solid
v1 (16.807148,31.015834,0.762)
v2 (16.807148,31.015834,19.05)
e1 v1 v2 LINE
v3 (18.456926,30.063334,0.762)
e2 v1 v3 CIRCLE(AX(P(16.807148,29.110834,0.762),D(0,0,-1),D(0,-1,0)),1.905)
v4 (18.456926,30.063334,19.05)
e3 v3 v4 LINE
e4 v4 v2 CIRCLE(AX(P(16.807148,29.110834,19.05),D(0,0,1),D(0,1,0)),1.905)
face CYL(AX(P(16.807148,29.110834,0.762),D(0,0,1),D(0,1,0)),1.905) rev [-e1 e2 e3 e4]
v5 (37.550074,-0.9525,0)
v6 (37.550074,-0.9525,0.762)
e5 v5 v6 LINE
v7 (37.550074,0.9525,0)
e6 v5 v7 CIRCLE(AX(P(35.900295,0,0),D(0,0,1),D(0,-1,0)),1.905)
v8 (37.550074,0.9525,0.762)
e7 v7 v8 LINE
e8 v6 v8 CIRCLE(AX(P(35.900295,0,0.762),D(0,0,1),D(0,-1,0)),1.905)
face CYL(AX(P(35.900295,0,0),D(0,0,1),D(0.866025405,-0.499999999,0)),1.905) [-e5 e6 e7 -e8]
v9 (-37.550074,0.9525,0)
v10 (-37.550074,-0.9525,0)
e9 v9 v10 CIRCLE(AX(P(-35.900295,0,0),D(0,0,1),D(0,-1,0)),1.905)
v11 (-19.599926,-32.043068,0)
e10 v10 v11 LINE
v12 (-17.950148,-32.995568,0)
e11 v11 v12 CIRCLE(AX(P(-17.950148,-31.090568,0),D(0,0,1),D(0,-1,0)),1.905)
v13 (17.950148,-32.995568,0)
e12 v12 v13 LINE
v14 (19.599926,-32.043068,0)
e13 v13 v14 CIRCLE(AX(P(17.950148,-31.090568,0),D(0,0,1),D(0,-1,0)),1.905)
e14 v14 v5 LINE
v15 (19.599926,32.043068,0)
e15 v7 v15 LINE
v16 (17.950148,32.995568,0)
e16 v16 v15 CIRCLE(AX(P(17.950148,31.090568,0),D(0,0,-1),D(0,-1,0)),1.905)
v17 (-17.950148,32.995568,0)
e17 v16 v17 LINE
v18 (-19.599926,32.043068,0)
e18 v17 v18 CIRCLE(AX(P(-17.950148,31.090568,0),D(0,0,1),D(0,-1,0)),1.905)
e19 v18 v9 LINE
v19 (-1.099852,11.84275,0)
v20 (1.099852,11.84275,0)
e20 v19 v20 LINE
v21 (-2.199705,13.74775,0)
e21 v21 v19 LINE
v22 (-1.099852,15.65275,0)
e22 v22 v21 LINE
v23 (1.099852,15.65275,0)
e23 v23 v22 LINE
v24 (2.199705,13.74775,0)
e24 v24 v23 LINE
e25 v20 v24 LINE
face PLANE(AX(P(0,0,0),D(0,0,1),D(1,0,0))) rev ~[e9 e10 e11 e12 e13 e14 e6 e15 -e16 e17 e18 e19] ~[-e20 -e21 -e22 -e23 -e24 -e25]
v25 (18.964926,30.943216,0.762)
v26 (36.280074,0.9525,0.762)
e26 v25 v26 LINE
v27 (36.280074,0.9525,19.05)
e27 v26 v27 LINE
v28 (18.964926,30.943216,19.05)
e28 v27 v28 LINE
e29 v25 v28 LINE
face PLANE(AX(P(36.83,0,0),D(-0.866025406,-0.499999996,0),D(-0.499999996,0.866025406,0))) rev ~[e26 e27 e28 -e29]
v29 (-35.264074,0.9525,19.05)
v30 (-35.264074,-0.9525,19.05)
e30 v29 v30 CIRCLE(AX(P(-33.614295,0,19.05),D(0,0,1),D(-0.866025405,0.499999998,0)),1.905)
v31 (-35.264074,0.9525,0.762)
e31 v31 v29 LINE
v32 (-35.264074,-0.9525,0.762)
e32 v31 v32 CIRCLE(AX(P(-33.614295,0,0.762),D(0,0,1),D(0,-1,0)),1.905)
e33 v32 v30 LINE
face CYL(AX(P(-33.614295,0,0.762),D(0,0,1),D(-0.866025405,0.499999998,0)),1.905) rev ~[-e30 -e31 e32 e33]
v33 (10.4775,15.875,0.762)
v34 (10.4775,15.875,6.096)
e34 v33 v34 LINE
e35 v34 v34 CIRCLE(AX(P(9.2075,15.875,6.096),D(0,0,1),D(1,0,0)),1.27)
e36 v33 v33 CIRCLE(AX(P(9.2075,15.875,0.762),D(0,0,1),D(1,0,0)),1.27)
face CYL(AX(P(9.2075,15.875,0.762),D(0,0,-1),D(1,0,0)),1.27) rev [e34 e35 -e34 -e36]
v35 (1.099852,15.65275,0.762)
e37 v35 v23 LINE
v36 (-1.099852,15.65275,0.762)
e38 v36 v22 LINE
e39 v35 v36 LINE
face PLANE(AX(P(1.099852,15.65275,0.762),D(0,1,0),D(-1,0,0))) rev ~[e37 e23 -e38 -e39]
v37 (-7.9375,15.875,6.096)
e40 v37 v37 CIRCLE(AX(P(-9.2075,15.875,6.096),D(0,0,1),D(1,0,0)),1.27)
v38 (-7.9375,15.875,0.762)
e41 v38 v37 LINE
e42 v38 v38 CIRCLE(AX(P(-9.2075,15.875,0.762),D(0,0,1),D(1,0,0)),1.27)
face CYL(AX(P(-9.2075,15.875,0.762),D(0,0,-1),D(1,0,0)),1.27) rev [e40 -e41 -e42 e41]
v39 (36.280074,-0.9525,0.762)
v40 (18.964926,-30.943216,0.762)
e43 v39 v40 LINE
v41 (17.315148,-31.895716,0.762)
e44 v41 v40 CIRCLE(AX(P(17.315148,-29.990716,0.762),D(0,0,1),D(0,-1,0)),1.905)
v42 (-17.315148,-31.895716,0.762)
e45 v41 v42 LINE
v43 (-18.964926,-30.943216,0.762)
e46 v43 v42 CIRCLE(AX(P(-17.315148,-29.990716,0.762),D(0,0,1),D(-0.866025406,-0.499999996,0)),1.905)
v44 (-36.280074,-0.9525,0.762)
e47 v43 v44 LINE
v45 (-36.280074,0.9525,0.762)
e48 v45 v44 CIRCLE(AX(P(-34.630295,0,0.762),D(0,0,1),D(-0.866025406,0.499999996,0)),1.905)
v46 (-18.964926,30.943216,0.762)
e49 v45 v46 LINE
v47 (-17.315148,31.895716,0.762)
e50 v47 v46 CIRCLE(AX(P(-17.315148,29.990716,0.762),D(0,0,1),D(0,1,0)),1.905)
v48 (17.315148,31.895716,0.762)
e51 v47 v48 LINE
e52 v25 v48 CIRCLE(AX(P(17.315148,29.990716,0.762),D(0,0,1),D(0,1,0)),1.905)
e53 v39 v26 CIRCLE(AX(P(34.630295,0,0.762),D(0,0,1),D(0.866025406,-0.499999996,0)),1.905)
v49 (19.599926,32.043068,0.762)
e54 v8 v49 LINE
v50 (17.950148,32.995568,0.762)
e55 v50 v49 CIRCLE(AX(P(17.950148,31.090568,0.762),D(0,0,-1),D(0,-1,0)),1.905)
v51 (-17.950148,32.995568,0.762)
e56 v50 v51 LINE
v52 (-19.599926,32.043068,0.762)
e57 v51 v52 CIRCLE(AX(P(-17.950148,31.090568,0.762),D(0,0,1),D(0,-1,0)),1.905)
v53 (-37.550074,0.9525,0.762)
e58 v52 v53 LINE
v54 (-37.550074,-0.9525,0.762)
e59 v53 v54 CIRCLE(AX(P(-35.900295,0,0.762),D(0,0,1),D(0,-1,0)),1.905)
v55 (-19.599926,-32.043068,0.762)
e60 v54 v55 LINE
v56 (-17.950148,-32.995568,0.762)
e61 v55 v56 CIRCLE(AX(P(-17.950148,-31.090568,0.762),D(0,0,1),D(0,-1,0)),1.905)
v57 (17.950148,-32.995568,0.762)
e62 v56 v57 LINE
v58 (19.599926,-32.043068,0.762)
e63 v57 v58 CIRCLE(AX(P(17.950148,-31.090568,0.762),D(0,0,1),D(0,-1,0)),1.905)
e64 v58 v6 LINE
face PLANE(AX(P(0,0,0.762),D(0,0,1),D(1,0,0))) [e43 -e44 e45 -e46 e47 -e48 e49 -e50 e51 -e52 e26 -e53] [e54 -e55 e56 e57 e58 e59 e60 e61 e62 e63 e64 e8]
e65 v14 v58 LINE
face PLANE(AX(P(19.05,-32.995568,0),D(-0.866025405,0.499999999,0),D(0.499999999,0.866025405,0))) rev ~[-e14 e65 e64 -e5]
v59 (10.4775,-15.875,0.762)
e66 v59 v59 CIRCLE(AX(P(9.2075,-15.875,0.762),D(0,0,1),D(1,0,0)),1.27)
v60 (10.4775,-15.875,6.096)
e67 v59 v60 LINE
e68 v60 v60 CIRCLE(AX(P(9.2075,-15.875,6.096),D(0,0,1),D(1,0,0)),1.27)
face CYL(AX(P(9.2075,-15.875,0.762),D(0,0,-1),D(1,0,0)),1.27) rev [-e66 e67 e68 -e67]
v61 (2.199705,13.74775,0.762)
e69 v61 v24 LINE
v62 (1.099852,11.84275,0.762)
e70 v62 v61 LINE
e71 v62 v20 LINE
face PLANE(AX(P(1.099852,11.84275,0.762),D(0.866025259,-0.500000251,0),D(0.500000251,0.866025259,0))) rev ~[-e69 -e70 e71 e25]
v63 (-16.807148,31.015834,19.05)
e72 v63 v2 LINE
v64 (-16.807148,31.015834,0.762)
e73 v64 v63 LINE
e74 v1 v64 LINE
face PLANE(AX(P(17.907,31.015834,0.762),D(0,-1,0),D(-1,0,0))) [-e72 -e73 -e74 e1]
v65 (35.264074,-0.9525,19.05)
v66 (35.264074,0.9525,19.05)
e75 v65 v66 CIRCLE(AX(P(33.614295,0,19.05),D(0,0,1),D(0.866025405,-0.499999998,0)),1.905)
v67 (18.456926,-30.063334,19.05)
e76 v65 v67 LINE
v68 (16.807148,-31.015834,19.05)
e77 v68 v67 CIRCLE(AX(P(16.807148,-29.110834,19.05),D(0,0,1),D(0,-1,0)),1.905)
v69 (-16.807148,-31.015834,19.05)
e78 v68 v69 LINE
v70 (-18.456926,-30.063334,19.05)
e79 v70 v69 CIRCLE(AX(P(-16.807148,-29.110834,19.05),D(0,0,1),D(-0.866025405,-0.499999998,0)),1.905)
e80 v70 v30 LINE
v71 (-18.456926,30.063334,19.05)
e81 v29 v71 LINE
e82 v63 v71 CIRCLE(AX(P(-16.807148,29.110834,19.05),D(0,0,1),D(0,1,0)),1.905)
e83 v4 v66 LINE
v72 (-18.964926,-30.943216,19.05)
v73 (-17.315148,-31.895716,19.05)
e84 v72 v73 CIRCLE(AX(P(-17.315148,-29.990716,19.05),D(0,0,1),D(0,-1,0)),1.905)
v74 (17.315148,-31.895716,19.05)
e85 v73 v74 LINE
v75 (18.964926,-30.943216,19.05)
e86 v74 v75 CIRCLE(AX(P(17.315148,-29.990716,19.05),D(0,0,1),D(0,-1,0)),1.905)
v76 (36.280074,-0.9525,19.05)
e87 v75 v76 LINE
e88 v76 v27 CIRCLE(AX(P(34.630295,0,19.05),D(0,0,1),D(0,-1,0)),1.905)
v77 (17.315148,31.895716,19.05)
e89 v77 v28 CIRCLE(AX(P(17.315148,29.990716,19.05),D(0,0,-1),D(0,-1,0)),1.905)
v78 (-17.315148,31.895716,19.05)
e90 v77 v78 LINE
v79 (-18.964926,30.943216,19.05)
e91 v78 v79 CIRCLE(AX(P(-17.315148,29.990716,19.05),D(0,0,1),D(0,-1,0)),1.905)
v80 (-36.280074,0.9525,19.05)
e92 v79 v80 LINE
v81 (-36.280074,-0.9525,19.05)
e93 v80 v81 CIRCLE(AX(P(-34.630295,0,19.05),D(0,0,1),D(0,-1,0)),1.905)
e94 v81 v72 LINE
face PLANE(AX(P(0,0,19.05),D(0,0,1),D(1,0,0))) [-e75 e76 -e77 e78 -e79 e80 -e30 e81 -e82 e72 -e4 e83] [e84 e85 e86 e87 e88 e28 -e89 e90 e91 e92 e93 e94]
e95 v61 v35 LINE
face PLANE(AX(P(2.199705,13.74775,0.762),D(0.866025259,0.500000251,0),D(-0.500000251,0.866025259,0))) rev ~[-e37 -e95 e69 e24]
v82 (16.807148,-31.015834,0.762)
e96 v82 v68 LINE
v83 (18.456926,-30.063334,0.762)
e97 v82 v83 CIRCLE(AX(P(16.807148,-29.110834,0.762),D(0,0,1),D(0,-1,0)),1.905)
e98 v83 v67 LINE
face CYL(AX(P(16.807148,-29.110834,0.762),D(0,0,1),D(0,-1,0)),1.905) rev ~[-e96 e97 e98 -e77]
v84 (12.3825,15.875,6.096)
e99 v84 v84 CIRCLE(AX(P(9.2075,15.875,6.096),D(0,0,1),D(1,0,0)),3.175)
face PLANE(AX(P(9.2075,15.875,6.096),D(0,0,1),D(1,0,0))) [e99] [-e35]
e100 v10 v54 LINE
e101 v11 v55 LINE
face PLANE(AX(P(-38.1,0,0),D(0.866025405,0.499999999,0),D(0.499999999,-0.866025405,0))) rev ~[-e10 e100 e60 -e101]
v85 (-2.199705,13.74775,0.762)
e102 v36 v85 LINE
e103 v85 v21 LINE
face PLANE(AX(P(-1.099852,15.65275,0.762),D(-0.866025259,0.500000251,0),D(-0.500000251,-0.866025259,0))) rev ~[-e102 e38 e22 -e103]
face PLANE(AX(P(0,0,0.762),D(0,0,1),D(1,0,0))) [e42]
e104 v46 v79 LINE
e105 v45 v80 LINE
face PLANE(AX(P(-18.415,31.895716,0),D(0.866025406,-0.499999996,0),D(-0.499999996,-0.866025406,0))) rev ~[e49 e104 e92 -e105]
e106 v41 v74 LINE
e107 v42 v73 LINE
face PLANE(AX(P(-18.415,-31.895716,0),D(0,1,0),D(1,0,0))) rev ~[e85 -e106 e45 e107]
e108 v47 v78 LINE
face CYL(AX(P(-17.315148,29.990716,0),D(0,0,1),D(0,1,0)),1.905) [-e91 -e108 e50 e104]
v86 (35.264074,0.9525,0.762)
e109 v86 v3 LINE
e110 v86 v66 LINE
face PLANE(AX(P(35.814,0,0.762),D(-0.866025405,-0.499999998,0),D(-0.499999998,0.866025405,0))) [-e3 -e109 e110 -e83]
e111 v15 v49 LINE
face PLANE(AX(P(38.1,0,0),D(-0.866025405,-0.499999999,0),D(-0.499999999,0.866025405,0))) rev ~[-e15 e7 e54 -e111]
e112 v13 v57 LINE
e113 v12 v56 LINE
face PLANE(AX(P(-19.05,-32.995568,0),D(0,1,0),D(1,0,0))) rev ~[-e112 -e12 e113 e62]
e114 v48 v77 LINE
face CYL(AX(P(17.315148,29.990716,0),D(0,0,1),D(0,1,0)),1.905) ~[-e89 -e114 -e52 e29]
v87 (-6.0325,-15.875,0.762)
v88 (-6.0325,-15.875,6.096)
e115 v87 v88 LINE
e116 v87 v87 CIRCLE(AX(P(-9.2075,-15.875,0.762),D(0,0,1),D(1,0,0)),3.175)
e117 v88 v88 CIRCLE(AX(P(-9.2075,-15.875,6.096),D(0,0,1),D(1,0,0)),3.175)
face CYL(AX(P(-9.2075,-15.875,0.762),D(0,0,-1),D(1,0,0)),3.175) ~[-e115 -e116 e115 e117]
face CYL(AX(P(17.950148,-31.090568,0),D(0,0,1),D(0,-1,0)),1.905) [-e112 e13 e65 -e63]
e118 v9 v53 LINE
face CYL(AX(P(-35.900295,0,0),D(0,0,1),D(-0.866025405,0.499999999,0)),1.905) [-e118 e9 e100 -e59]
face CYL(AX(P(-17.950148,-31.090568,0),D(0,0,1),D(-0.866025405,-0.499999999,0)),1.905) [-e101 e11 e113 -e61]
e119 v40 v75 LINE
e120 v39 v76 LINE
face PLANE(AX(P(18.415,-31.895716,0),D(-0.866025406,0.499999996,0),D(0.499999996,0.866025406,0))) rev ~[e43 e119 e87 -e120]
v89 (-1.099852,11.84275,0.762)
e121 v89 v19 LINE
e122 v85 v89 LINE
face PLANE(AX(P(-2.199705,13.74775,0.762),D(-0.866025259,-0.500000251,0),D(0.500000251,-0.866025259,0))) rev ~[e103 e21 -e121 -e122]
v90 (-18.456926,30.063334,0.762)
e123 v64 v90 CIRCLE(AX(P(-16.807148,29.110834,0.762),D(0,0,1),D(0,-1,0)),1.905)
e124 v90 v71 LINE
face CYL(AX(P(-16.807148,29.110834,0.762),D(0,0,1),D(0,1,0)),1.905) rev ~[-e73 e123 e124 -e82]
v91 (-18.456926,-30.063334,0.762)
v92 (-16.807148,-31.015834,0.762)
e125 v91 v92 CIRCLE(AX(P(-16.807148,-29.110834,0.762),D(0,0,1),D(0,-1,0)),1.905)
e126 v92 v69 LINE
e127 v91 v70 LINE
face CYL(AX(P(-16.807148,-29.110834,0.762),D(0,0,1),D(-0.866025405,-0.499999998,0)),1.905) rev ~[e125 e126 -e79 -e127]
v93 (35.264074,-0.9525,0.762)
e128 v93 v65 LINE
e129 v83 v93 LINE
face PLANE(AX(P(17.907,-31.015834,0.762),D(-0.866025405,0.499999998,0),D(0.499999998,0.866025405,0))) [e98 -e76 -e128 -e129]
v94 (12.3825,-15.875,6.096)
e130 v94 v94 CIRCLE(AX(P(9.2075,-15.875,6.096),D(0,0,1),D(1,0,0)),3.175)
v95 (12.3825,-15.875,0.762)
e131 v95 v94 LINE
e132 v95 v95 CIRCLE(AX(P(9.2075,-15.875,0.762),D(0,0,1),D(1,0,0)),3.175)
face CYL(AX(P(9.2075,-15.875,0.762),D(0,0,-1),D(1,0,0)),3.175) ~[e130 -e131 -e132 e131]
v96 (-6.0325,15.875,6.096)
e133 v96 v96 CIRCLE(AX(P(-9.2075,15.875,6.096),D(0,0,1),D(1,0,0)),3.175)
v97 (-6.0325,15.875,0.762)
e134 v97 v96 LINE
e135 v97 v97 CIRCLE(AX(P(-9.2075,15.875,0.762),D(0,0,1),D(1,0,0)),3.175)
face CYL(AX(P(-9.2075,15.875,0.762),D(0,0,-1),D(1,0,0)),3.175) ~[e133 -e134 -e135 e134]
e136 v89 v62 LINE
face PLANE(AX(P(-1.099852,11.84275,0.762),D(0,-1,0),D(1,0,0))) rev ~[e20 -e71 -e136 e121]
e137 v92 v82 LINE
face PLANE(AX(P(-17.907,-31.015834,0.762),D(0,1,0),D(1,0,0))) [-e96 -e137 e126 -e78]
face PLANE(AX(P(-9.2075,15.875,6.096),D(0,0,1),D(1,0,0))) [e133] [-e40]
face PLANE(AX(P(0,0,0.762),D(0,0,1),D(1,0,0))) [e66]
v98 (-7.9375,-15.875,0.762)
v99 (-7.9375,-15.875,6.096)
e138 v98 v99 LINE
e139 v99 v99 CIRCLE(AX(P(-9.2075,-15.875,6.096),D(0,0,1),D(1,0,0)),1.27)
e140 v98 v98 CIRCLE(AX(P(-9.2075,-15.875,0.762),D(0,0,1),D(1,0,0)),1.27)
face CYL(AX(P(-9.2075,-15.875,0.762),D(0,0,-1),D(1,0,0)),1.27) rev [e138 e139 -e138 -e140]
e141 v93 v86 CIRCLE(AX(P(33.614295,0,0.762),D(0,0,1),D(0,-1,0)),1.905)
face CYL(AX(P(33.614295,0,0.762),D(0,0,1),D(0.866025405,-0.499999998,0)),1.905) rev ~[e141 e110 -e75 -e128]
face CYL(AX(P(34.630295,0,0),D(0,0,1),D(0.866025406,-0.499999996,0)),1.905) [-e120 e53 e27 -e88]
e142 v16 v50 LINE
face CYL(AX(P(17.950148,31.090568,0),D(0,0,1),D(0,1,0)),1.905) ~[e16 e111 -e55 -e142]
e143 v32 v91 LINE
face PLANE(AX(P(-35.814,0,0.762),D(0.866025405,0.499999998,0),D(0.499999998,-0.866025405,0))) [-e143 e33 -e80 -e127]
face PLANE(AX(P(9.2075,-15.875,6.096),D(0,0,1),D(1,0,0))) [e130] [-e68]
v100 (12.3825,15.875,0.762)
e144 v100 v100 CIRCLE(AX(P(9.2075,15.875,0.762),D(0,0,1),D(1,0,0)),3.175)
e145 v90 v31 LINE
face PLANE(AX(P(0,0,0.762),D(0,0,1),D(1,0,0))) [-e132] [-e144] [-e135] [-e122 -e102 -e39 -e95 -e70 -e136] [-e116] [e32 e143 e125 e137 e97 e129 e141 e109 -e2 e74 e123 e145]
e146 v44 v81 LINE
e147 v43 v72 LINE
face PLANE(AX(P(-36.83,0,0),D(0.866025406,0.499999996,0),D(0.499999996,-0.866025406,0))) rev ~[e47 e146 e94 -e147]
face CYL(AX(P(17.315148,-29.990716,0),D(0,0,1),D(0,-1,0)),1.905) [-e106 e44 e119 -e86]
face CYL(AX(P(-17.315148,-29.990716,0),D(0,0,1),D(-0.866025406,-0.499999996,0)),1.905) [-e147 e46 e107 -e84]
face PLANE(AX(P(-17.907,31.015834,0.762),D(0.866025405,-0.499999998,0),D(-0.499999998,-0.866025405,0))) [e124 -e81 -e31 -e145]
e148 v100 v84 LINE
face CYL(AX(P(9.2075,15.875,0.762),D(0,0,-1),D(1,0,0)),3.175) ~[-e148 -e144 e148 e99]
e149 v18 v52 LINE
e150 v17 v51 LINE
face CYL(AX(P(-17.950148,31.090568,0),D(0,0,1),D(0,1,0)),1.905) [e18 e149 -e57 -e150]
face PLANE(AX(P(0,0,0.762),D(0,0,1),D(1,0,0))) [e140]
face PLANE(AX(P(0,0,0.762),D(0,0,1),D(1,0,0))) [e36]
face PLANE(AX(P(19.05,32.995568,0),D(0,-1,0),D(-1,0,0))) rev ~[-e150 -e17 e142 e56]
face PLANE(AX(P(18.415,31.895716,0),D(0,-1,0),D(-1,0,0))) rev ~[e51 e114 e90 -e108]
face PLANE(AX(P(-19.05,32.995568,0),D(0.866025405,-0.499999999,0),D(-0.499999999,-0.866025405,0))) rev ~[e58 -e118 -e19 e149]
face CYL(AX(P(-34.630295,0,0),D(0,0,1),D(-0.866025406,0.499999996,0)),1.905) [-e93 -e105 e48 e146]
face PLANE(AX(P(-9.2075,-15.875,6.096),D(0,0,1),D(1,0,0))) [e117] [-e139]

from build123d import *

# Parameters (mm, degrees)
F1_DEPTH  = 0.762
F2_R      = 1.905
F4_DEPTH  = 19.05
F5_R      = 1.905
F7_DEPTH  = 25.4
F8_R      = 1.905
F11_R     = 3.175
F11_R_2   = 1.27
F12_DEPTH = 5.334
F13_DEPTH = 2.54


with BuildPart() as f1:
    # F0 (on Top) → F1 (new body)
    with BuildSketch(Plane.XY):
        Polygon((19.05, 32.995568), (-19.05, 32.995568), (-38.1, 0), (-19.05, -32.995568), (19.05, -32.995568), (38.1, 0), align=None)
    extrude(amount=F1_DEPTH)

    # F2
    f2_edges = [f1.edges().sort_by_distance(p)[0] for p in [
        (38.1, 0, 0.381),
        (19.05, 32.995568, 0.381),
        (-19.05, 32.995568, 0.381),
        (-38.1, 0, 0.381),
        (-19.05, -32.995568, 0.381),
        (19.05, -32.995568, 0.381),
    ]]
    fillet(f2_edges, radius=F2_R)



with BuildPart() as f4:
    # F3 (on Top) → F4 (new body)
    with BuildSketch(Plane.XY):
        Polygon((18.415, 31.895716), (-18.415, 31.895716), (-36.83, 0), (-18.415, -31.895716), (18.415, -31.895716), (36.83, 0), align=None)
    extrude(amount=F4_DEPTH)

    # F5
    f5_edges = [f4.edges().sort_by_distance(p)[0] for p in [
        (-18.415, -31.895716, 9.525),
        (18.415, -31.895716, 9.525),
        (36.83, 0, 9.525),
        (-36.83, 0, 9.525),
        (18.415, 31.895716, 9.525),
        (-18.415, 31.895716, 9.525),
    ]]
    fillet(f5_edges, radius=F5_R)


with BuildPart() as f7:
    # F6 (on Top) → F7 (new body)
    with BuildSketch(Plane.XY):
        Polygon((17.907, 31.015834), (-17.907, 31.015834), (-35.814, 0), (-17.907, -31.015834), (17.907, -31.015834), (35.814, 0), align=None)
    extrude(amount=F7_DEPTH)

    # F8
    f8_edges = [f7.edges().sort_by_distance(p)[0] for p in [
        (-17.907, -31.015834, 12.7),
        (17.907, -31.015834, 12.7),
        (35.814, 0, 12.7),
        (-35.814, 0, 12.7),
        (17.907, 31.015834, 12.7),
        (-17.907, 31.015834, 12.7),
    ]]
    fillet(f8_edges, radius=F8_R)


with BuildPart() as f7_1:
    # F9: moved
    add(f7.part.moved(Location((0, 0, 0.762))))


with BuildPart() as f4_1:
    add(f4.part)

    # F10: cut F7
    add(f7_1.part, mode=Mode.SUBTRACT)


with BuildPart() as f1_1:
    add(f1.part)

    add(f4_1.part)  # F12 merges F4
    # F11 (on face) → F12 (join)
    with BuildSketch(Plane.XY.offset(0.762)):
        with Locations((-9.2075, 15.875)):
            Circle(F11_R)
        with Locations((-9.2075, 15.875)):
            Circle(F11_R_2, mode=Mode.SUBTRACT)
        with Locations((9.2075, 15.875)):
            Circle(F11_R)
        with Locations((9.2075, 15.875)):
            Circle(F11_R_2, mode=Mode.SUBTRACT)
        with Locations((9.2075, -15.875)):
            Circle(F11_R)
        with Locations((9.2075, -15.875)):
            Circle(F11_R_2, mode=Mode.SUBTRACT)
        with Locations((-9.2075, -15.875)):
            Circle(F11_R)
        with Locations((-9.2075, -15.875)):
            Circle(F11_R_2, mode=Mode.SUBTRACT)
    extrude(amount=F12_DEPTH)

    # F11 (on face) → F13 (cut)
    with BuildSketch(Plane.XY.offset(0.762)):
        Polygon((-1.099852, 11.84275), (1.099852, 11.84275), (2.199705, 13.74775), (1.099852, 15.65275), (-1.099852, 15.65275), (-2.199705, 13.74775), align=None)
    extrude(amount=-F13_DEPTH, mode=Mode.SUBTRACT)


solid = f1_1.part
